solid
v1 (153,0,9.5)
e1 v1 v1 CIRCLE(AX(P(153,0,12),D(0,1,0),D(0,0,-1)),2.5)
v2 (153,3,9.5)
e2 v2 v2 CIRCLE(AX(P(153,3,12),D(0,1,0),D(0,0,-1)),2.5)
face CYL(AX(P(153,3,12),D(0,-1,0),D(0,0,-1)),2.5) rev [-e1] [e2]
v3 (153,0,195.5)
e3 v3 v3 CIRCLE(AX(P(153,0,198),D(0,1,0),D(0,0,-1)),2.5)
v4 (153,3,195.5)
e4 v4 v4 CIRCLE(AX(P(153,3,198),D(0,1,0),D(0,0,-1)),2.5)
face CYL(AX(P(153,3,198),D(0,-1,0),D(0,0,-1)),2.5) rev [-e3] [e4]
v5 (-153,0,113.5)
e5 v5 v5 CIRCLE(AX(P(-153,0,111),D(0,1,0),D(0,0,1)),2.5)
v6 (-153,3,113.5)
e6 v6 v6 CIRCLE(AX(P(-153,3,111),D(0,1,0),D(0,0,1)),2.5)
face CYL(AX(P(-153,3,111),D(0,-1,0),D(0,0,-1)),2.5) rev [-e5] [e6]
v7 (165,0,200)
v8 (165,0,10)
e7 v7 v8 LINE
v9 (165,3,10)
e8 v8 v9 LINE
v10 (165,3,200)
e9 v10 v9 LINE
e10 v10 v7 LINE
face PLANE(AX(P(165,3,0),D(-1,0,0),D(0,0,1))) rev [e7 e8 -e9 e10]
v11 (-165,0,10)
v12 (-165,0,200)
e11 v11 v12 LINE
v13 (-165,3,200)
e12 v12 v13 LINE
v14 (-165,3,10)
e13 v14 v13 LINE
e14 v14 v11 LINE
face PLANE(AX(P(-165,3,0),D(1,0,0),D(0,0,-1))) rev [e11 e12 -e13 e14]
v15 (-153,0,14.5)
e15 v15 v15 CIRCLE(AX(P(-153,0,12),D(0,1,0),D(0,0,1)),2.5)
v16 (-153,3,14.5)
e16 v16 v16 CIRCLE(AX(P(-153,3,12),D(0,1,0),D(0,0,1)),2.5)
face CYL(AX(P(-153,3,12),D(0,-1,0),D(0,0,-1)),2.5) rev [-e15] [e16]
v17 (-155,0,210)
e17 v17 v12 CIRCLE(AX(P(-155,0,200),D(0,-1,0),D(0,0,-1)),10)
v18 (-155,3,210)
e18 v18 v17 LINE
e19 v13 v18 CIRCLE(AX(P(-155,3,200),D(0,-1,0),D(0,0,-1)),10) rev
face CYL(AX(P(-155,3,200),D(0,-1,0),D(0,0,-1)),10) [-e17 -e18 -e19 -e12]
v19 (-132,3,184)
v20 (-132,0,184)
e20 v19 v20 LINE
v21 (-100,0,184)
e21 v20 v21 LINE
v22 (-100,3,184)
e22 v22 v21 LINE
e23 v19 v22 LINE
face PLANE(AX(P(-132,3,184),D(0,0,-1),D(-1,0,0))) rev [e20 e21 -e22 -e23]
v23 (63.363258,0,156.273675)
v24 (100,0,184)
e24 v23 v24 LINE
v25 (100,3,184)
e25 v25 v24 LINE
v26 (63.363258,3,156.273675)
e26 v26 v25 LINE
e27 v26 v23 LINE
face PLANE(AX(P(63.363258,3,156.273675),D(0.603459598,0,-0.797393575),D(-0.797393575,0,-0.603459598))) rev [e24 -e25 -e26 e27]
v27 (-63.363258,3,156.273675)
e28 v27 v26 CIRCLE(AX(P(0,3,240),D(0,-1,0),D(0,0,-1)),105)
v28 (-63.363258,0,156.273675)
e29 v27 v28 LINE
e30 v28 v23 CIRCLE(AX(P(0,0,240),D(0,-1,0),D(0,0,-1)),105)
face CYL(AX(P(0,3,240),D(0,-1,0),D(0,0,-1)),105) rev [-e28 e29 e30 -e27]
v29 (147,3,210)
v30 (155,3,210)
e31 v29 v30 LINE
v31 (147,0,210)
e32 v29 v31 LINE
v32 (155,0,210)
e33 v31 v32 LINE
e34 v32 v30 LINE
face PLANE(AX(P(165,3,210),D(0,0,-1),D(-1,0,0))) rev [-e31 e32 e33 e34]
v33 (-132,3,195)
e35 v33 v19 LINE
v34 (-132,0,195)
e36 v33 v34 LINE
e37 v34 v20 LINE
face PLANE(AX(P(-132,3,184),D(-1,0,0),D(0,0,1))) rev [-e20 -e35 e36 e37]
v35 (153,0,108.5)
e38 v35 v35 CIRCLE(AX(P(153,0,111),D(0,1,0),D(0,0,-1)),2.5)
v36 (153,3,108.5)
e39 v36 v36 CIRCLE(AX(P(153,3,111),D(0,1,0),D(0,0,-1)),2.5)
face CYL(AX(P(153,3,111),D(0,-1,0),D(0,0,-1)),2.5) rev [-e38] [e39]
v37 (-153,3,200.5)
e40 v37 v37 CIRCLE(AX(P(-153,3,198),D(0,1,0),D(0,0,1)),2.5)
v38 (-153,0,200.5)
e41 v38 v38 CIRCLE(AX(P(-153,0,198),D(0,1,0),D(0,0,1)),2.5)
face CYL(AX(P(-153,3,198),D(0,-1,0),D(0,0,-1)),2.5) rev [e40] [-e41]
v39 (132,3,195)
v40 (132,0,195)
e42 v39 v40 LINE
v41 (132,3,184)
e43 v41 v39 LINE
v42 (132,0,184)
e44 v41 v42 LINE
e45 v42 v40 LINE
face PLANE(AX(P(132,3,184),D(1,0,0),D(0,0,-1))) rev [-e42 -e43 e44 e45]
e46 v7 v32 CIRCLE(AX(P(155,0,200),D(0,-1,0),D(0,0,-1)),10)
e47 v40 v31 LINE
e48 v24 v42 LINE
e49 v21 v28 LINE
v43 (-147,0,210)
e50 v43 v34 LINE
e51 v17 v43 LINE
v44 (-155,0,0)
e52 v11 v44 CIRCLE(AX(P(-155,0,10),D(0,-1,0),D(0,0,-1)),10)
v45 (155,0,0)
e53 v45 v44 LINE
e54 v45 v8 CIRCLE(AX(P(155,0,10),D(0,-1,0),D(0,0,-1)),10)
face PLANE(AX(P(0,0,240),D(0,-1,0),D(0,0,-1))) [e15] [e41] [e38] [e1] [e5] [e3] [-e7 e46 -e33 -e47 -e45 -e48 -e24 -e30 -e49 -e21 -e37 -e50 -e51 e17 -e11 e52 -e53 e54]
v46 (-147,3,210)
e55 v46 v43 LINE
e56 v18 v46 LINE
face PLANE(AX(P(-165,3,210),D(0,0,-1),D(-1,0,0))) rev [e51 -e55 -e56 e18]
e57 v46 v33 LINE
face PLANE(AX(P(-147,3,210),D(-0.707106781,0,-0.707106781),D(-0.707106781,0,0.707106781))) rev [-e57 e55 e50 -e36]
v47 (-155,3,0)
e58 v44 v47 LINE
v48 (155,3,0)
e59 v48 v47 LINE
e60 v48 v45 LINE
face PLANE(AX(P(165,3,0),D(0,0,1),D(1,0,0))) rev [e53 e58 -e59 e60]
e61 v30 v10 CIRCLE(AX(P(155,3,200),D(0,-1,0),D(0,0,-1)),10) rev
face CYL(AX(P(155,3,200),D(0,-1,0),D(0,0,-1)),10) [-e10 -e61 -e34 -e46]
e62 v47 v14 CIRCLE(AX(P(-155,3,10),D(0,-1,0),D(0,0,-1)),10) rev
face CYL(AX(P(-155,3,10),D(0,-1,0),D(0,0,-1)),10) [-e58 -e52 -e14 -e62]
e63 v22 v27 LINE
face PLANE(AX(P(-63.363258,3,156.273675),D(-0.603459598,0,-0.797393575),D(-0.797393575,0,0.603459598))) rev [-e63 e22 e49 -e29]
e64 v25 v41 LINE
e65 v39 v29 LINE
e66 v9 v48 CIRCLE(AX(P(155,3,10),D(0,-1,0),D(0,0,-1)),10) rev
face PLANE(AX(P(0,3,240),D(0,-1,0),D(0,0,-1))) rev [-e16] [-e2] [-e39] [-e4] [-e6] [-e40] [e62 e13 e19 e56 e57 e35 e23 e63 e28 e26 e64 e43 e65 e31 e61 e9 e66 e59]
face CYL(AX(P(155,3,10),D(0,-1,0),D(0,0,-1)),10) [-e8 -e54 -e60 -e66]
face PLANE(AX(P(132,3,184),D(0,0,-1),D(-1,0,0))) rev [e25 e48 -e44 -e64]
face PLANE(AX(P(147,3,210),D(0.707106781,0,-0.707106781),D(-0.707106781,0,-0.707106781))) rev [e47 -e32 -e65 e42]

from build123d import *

# Parameters (mm, degrees)
ESQUISSE1_R      = 2.5
EXTRUSION1_DEPTH = 3
CONG_1_R         = 10


with BuildPart() as part:
    # Esquisse1 → Extrusion1 (new body)
    with BuildSketch(Plane(origin=(0, 0, 0), x_dir=(1, 0, 0), z_dir=(0, 1, 0))):
        with BuildLine():
            Line((165, 0), (-165, 0))
            Line((-165, 0), (-165, -210))
            Line((-165, -210), (-147, -210))
            Line((-147, -210), (-132, -195))
            Line((-132, -195), (-132, -184))
            Line((-132, -184), (-100, -184))
            Line((-100, -184), (-63.363257782, -156.27367461))
            ThreePointArc((-63.363257782, -156.27367461), (0, -135), (63.363257782, -156.27367461))
            Line((63.363257782, -156.27367461), (100, -184))
            Line((100, -184), (132, -184))
            Line((132, -184), (132, -195))
            Line((132, -195), (147, -210))
            Line((147, -210), (165, -210))
            Line((165, -210), (165, 0))
        make_face()
        with Locations((-153, -12)):
            Circle(ESQUISSE1_R, mode=Mode.SUBTRACT)
        with Locations((153, -12)):
            Circle(ESQUISSE1_R, mode=Mode.SUBTRACT)
        with Locations((-153, -198)):
            Circle(ESQUISSE1_R, mode=Mode.SUBTRACT)
        with Locations((153, -198)):
            Circle(ESQUISSE1_R, mode=Mode.SUBTRACT)
        with Locations((-153, -111)):
            Circle(ESQUISSE1_R, mode=Mode.SUBTRACT)
        with Locations((153, -111)):
            Circle(ESQUISSE1_R, mode=Mode.SUBTRACT)
    extrude(amount=EXTRUSION1_DEPTH)

    # Congé1
    cong_1_edges = [part.edges().sort_by_distance(p)[0] for p in [
        (-165, 1.5, 0),
        (165, 1.5, 0),
        (165, 1.5, 210),
        (-165, 1.5, 210),
    ]]
    fillet(cong_1_edges, radius=CONG_1_R)


solid = part.part
